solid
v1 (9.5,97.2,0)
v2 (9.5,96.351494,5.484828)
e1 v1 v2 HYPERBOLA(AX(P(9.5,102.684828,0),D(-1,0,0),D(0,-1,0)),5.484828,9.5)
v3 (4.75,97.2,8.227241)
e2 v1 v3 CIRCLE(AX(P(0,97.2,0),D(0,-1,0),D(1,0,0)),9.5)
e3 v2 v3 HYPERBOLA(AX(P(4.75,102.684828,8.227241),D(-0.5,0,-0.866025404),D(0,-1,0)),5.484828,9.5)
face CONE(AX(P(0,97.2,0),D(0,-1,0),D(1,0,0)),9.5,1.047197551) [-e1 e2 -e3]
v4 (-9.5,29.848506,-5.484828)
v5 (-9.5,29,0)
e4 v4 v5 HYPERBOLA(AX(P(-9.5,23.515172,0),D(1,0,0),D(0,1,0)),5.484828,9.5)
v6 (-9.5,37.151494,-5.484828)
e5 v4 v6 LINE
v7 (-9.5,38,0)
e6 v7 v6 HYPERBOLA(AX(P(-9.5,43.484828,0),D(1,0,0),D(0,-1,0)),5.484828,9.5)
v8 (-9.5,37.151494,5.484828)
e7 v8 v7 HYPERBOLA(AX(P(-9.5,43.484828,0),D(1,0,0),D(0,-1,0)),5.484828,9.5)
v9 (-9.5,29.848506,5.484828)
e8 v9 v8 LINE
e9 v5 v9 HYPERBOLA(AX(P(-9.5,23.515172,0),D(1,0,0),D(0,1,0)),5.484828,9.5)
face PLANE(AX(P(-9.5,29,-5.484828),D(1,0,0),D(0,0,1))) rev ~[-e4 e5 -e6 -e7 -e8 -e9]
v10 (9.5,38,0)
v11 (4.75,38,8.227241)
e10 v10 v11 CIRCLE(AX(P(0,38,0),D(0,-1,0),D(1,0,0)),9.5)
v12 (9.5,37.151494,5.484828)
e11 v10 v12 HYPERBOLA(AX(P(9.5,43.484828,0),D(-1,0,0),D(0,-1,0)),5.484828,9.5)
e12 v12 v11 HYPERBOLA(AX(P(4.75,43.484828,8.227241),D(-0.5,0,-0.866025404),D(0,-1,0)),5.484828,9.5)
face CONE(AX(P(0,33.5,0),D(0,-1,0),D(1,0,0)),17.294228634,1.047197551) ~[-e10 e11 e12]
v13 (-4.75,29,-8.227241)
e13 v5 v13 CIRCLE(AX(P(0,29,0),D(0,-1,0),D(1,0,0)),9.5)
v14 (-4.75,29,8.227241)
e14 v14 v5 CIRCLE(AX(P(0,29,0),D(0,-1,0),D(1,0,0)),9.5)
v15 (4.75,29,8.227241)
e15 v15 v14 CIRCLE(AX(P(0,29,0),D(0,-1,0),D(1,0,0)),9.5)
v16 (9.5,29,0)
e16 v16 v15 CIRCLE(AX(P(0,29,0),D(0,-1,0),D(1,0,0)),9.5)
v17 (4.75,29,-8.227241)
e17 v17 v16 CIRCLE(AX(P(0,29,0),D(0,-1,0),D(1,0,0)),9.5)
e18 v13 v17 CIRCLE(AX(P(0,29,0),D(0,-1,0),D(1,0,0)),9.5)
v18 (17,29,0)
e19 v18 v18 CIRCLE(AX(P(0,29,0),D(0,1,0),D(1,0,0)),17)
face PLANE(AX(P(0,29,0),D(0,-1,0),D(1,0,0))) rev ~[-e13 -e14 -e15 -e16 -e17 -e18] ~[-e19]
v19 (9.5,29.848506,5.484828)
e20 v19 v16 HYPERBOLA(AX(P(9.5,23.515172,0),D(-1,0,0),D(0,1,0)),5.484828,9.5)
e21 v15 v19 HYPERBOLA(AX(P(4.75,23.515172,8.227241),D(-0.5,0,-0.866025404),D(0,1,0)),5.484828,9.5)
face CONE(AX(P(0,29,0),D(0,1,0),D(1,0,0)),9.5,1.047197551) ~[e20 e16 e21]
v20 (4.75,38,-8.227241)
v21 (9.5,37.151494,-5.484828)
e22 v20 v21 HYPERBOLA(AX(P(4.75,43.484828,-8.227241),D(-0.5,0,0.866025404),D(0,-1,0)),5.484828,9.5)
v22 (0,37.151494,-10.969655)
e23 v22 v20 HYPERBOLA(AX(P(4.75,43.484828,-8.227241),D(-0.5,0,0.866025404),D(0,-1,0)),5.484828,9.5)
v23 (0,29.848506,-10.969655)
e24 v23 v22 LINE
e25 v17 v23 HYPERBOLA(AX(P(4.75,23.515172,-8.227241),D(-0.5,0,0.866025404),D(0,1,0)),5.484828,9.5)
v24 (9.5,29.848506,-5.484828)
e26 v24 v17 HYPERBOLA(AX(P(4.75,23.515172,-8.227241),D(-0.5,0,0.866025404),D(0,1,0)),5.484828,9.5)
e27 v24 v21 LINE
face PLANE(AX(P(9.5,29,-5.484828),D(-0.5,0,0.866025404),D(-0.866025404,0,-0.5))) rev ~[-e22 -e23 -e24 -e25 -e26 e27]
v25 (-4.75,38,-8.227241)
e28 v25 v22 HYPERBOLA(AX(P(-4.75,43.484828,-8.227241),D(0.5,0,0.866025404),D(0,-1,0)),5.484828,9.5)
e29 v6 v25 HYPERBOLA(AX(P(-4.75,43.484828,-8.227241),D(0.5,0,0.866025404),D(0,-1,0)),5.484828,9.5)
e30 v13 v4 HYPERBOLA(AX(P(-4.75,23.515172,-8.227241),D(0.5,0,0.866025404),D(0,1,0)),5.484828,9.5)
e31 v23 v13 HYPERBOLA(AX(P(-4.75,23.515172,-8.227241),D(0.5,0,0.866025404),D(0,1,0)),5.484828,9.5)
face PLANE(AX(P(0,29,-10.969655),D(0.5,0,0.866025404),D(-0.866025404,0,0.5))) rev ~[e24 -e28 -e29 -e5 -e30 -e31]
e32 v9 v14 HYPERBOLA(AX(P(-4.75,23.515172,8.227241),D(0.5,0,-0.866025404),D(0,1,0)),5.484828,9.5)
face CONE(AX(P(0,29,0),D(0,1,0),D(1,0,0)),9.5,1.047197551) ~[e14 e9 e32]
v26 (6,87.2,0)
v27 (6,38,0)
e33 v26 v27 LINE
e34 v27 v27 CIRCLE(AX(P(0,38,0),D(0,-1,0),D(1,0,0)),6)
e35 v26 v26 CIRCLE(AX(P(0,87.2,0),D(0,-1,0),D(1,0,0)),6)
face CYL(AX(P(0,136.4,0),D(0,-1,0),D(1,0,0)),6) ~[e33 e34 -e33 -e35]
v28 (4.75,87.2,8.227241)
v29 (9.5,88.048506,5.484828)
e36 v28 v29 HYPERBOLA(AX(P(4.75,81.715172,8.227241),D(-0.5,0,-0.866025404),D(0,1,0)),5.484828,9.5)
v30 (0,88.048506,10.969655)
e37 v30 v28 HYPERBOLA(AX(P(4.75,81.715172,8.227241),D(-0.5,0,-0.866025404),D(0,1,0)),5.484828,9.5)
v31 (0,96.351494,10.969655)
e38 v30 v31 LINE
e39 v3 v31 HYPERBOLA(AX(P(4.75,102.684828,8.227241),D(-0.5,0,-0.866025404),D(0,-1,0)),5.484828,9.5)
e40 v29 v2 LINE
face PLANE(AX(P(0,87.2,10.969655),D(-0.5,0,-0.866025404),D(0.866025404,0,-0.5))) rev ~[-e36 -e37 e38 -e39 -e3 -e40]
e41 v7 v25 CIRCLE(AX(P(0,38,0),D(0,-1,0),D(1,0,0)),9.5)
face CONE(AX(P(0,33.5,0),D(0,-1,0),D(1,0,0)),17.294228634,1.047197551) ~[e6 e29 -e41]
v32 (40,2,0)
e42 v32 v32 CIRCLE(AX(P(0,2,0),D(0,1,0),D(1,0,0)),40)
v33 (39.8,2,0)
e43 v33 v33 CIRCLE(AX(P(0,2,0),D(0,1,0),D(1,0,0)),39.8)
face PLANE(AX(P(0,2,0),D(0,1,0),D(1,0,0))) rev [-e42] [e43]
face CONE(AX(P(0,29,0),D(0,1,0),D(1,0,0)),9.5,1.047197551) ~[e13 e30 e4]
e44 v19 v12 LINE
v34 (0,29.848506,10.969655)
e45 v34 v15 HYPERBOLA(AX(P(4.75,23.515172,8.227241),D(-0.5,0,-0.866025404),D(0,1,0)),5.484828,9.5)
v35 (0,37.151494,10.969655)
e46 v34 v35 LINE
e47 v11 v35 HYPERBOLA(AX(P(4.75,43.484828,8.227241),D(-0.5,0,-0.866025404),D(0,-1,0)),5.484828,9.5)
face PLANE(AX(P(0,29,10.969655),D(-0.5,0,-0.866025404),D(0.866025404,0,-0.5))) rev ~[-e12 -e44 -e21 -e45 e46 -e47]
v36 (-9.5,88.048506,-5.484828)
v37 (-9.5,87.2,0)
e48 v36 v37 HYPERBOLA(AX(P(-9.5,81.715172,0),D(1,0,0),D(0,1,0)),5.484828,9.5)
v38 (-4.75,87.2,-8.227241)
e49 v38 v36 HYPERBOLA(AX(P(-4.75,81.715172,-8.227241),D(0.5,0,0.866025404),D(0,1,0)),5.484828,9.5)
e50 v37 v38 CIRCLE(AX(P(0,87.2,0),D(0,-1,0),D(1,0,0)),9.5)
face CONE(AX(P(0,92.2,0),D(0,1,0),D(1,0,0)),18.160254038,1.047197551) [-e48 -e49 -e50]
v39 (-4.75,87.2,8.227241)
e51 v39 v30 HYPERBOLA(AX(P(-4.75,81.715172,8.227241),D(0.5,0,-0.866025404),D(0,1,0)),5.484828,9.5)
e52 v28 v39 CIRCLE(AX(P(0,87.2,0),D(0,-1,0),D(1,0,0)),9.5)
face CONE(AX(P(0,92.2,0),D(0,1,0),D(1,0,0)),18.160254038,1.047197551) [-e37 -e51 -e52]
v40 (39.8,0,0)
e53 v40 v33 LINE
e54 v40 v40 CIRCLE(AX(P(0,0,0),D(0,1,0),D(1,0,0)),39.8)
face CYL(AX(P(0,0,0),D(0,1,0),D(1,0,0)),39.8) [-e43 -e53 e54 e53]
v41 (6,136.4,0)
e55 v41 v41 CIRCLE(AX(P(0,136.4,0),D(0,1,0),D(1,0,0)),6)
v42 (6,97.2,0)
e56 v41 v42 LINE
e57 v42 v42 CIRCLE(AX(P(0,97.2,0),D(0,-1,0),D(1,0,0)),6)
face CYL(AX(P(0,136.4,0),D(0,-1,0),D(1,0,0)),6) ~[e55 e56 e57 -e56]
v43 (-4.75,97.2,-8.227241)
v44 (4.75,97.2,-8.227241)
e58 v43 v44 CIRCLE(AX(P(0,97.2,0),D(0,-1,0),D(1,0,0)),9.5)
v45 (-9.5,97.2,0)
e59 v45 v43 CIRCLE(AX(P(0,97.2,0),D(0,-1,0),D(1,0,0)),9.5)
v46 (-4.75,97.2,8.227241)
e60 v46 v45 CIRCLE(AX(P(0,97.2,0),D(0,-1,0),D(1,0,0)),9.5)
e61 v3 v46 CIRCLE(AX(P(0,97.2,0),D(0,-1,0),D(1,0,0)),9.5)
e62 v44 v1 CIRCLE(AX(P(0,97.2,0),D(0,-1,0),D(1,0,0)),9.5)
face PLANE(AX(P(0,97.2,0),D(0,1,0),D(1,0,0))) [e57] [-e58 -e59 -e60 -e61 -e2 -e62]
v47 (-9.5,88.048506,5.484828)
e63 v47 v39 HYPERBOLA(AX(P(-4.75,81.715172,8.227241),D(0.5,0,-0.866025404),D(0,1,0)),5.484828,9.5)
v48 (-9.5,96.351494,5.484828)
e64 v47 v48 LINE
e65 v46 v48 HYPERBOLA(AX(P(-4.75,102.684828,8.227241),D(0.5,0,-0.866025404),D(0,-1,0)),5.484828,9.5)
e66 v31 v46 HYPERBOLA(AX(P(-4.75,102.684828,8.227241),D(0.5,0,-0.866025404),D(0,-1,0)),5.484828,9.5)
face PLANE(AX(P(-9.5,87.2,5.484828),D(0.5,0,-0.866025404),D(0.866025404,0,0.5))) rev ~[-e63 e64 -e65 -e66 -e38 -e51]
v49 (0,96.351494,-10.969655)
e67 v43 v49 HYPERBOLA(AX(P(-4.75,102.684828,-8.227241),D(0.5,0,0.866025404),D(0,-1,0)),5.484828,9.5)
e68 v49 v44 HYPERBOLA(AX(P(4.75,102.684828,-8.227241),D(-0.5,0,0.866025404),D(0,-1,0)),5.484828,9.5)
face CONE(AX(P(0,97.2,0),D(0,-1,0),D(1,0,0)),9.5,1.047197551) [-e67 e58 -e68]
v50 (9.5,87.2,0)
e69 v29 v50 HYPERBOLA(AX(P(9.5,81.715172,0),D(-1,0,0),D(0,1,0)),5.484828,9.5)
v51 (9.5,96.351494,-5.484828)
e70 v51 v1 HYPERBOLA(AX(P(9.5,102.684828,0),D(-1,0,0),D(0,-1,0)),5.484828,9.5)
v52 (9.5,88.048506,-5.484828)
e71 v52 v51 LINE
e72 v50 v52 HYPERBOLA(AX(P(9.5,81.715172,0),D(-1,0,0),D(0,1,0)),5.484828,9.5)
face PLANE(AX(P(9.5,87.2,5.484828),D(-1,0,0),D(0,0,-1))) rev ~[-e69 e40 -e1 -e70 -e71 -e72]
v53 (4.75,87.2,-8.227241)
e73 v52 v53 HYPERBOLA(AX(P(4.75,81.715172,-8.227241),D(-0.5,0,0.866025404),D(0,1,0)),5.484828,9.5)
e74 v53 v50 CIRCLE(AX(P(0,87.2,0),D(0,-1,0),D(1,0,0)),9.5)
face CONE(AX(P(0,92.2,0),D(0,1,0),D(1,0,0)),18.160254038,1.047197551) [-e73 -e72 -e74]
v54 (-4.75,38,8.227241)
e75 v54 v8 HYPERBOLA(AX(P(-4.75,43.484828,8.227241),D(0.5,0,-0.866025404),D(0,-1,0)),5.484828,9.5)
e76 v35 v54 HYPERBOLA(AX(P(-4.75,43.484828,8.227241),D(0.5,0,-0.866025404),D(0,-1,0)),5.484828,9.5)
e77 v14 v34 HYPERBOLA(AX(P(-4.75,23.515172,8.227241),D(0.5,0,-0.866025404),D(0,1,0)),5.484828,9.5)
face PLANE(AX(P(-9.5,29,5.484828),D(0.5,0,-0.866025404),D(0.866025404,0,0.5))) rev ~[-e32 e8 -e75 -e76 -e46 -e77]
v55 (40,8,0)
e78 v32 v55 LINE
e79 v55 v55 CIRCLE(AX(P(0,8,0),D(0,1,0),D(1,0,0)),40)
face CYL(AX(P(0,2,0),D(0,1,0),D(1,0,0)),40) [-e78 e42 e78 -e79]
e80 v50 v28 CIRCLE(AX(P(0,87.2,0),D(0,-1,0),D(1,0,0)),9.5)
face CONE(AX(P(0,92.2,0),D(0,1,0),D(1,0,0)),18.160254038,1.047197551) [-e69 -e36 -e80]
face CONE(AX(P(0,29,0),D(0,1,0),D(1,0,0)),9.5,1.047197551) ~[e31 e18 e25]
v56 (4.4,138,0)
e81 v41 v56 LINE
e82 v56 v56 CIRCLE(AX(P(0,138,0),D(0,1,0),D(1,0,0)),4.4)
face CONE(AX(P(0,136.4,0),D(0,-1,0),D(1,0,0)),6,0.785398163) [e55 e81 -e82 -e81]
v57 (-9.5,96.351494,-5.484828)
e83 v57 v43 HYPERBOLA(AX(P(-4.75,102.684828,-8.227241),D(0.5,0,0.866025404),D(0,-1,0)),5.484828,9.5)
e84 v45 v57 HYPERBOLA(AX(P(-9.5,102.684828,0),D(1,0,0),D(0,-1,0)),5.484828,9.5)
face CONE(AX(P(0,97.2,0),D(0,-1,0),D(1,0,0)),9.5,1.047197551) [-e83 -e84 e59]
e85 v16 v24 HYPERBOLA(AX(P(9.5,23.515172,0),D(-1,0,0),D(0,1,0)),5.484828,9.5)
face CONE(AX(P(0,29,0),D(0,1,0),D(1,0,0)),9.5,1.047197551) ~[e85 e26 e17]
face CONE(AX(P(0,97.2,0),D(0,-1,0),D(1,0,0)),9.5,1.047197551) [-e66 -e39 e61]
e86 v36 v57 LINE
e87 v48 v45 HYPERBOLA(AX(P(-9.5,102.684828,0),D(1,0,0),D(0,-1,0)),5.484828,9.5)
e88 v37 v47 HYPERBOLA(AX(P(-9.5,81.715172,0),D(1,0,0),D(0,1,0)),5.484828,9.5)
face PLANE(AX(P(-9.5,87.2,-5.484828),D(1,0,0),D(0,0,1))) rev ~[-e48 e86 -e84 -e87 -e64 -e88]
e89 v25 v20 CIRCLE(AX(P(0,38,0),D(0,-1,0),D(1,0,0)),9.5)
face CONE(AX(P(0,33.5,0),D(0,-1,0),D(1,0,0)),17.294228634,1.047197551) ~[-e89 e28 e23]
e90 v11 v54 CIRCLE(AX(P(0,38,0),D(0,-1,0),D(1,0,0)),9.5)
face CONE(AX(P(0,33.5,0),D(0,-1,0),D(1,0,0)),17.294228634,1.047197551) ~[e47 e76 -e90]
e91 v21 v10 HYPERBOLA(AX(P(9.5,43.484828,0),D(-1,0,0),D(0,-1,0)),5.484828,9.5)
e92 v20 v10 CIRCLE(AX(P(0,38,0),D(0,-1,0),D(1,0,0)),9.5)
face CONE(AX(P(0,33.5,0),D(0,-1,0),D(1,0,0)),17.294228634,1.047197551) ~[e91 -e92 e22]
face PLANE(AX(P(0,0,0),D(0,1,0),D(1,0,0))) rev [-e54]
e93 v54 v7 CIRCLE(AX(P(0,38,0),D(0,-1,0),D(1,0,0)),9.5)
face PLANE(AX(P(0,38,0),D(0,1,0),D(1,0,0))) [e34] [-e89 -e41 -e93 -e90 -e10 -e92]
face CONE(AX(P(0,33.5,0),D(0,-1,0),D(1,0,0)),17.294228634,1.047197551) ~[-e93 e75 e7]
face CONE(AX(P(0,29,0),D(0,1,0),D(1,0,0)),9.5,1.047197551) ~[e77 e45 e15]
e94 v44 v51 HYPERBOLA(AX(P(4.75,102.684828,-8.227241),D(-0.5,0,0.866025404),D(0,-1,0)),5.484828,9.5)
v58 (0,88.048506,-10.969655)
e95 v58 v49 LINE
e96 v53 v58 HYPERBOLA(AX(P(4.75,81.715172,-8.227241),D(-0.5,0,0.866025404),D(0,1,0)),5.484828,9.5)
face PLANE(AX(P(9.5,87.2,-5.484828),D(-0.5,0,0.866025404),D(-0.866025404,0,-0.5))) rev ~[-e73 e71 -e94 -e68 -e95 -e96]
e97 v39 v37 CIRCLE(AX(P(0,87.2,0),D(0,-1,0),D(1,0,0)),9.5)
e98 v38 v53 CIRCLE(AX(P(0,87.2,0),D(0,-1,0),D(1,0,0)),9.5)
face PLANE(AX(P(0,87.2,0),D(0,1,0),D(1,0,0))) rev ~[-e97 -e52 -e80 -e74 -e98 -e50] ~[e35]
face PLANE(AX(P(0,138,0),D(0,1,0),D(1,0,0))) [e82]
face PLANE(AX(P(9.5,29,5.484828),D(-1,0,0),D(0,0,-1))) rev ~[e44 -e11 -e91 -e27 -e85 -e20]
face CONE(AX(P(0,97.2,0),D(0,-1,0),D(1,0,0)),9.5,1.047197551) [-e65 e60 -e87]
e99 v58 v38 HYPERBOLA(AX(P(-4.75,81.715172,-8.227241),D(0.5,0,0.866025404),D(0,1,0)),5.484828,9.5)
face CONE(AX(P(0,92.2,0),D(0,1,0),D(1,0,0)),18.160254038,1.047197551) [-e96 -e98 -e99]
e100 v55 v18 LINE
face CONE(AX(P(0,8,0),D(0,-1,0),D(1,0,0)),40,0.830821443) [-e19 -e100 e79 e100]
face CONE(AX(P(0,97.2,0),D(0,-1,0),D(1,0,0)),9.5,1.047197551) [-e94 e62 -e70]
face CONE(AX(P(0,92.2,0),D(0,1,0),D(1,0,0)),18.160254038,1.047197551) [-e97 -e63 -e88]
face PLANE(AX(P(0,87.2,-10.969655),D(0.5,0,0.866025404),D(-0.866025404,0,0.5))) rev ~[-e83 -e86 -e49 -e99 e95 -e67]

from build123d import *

# Parameters (mm, degrees)
EXTRUDE_1_DEPTH = 9
EXTRUDE_2_DEPTH = 10


with BuildPart() as part:
    # Эскиз1 → Повернуть1 (revolve)
    with BuildSketch(Plane.XY, mode=Mode.PRIVATE) as revolve_1_sk:
        Polygon((0, 0), (-39.8, 0), (-39.8, 2), (-40, 2), (-40, 8), (-17, 29), (-6, 29), (-6, 38), (-6, 136.4), (-4.4, 138), (0, 138), align=None)
    revolve(revolve_1_sk.sketch.rotate(Axis((0, 0, 0), (0, 1, 0)), 180), axis=Axis((0, 0, 0), (0, 1, 0)))  # turned: the seam where the file's is

    # Эскиз2 → Бобышка-Вытянуть1 (add)
    with BuildSketch(Plane(origin=(0, 29, 0), x_dir=(1, 0, 0), z_dir=(0, 1, 0))):
        Polygon((0, 10.969655115), (-9.5, 5.484827557), (-9.5, -5.484827557), (0, -10.969655115), (9.5, -5.484827557), (9.5, 5.484827557), align=None)
    extrude(amount=EXTRUDE_1_DEPTH)

    # Эскиз3 → Бобышка-Вытянуть2 (add)
    with BuildSketch(Plane(origin=(0, 87.2, 0), x_dir=(1, 0, 0), z_dir=(0, 1, 0))):
        Polygon((9.5, 5.484827557), (0, 10.969655115), (-9.5, 5.484827557), (-9.5, -5.484827557), (0, -10.969655115), (9.5, -5.484827557), align=None)
    extrude(amount=EXTRUDE_2_DEPTH)

    # Эскиз4 → Вырез-Повернуть2 (revolve, cut)
    with BuildSketch(Plane.XY, mode=Mode.PRIVATE) as cut_revolve_2_sk:
        Polygon((-18.160254038, 97.2), (-9.5, 97.2), (-18.160254038, 92.2), align=None)
        Polygon((-18.160254038, 87.2), (-18.160254038, 92.2), (-9.5, 87.2), align=None)
        Polygon((-17.294228634, 38), (-17.294228634, 33.5), (-9.5, 38), align=None)
        Polygon((-17.294228634, 33.5), (-17.294228634, 29), (-9.5, 29), align=None)
    revolve(cut_revolve_2_sk.sketch.rotate(Axis((0, 138, 0), (0, -1, 0)), 180), axis=Axis((0, 138, 0), (0, -1, 0)), mode=Mode.SUBTRACT)  # turned: the seam where the file's is


solid = part.part
